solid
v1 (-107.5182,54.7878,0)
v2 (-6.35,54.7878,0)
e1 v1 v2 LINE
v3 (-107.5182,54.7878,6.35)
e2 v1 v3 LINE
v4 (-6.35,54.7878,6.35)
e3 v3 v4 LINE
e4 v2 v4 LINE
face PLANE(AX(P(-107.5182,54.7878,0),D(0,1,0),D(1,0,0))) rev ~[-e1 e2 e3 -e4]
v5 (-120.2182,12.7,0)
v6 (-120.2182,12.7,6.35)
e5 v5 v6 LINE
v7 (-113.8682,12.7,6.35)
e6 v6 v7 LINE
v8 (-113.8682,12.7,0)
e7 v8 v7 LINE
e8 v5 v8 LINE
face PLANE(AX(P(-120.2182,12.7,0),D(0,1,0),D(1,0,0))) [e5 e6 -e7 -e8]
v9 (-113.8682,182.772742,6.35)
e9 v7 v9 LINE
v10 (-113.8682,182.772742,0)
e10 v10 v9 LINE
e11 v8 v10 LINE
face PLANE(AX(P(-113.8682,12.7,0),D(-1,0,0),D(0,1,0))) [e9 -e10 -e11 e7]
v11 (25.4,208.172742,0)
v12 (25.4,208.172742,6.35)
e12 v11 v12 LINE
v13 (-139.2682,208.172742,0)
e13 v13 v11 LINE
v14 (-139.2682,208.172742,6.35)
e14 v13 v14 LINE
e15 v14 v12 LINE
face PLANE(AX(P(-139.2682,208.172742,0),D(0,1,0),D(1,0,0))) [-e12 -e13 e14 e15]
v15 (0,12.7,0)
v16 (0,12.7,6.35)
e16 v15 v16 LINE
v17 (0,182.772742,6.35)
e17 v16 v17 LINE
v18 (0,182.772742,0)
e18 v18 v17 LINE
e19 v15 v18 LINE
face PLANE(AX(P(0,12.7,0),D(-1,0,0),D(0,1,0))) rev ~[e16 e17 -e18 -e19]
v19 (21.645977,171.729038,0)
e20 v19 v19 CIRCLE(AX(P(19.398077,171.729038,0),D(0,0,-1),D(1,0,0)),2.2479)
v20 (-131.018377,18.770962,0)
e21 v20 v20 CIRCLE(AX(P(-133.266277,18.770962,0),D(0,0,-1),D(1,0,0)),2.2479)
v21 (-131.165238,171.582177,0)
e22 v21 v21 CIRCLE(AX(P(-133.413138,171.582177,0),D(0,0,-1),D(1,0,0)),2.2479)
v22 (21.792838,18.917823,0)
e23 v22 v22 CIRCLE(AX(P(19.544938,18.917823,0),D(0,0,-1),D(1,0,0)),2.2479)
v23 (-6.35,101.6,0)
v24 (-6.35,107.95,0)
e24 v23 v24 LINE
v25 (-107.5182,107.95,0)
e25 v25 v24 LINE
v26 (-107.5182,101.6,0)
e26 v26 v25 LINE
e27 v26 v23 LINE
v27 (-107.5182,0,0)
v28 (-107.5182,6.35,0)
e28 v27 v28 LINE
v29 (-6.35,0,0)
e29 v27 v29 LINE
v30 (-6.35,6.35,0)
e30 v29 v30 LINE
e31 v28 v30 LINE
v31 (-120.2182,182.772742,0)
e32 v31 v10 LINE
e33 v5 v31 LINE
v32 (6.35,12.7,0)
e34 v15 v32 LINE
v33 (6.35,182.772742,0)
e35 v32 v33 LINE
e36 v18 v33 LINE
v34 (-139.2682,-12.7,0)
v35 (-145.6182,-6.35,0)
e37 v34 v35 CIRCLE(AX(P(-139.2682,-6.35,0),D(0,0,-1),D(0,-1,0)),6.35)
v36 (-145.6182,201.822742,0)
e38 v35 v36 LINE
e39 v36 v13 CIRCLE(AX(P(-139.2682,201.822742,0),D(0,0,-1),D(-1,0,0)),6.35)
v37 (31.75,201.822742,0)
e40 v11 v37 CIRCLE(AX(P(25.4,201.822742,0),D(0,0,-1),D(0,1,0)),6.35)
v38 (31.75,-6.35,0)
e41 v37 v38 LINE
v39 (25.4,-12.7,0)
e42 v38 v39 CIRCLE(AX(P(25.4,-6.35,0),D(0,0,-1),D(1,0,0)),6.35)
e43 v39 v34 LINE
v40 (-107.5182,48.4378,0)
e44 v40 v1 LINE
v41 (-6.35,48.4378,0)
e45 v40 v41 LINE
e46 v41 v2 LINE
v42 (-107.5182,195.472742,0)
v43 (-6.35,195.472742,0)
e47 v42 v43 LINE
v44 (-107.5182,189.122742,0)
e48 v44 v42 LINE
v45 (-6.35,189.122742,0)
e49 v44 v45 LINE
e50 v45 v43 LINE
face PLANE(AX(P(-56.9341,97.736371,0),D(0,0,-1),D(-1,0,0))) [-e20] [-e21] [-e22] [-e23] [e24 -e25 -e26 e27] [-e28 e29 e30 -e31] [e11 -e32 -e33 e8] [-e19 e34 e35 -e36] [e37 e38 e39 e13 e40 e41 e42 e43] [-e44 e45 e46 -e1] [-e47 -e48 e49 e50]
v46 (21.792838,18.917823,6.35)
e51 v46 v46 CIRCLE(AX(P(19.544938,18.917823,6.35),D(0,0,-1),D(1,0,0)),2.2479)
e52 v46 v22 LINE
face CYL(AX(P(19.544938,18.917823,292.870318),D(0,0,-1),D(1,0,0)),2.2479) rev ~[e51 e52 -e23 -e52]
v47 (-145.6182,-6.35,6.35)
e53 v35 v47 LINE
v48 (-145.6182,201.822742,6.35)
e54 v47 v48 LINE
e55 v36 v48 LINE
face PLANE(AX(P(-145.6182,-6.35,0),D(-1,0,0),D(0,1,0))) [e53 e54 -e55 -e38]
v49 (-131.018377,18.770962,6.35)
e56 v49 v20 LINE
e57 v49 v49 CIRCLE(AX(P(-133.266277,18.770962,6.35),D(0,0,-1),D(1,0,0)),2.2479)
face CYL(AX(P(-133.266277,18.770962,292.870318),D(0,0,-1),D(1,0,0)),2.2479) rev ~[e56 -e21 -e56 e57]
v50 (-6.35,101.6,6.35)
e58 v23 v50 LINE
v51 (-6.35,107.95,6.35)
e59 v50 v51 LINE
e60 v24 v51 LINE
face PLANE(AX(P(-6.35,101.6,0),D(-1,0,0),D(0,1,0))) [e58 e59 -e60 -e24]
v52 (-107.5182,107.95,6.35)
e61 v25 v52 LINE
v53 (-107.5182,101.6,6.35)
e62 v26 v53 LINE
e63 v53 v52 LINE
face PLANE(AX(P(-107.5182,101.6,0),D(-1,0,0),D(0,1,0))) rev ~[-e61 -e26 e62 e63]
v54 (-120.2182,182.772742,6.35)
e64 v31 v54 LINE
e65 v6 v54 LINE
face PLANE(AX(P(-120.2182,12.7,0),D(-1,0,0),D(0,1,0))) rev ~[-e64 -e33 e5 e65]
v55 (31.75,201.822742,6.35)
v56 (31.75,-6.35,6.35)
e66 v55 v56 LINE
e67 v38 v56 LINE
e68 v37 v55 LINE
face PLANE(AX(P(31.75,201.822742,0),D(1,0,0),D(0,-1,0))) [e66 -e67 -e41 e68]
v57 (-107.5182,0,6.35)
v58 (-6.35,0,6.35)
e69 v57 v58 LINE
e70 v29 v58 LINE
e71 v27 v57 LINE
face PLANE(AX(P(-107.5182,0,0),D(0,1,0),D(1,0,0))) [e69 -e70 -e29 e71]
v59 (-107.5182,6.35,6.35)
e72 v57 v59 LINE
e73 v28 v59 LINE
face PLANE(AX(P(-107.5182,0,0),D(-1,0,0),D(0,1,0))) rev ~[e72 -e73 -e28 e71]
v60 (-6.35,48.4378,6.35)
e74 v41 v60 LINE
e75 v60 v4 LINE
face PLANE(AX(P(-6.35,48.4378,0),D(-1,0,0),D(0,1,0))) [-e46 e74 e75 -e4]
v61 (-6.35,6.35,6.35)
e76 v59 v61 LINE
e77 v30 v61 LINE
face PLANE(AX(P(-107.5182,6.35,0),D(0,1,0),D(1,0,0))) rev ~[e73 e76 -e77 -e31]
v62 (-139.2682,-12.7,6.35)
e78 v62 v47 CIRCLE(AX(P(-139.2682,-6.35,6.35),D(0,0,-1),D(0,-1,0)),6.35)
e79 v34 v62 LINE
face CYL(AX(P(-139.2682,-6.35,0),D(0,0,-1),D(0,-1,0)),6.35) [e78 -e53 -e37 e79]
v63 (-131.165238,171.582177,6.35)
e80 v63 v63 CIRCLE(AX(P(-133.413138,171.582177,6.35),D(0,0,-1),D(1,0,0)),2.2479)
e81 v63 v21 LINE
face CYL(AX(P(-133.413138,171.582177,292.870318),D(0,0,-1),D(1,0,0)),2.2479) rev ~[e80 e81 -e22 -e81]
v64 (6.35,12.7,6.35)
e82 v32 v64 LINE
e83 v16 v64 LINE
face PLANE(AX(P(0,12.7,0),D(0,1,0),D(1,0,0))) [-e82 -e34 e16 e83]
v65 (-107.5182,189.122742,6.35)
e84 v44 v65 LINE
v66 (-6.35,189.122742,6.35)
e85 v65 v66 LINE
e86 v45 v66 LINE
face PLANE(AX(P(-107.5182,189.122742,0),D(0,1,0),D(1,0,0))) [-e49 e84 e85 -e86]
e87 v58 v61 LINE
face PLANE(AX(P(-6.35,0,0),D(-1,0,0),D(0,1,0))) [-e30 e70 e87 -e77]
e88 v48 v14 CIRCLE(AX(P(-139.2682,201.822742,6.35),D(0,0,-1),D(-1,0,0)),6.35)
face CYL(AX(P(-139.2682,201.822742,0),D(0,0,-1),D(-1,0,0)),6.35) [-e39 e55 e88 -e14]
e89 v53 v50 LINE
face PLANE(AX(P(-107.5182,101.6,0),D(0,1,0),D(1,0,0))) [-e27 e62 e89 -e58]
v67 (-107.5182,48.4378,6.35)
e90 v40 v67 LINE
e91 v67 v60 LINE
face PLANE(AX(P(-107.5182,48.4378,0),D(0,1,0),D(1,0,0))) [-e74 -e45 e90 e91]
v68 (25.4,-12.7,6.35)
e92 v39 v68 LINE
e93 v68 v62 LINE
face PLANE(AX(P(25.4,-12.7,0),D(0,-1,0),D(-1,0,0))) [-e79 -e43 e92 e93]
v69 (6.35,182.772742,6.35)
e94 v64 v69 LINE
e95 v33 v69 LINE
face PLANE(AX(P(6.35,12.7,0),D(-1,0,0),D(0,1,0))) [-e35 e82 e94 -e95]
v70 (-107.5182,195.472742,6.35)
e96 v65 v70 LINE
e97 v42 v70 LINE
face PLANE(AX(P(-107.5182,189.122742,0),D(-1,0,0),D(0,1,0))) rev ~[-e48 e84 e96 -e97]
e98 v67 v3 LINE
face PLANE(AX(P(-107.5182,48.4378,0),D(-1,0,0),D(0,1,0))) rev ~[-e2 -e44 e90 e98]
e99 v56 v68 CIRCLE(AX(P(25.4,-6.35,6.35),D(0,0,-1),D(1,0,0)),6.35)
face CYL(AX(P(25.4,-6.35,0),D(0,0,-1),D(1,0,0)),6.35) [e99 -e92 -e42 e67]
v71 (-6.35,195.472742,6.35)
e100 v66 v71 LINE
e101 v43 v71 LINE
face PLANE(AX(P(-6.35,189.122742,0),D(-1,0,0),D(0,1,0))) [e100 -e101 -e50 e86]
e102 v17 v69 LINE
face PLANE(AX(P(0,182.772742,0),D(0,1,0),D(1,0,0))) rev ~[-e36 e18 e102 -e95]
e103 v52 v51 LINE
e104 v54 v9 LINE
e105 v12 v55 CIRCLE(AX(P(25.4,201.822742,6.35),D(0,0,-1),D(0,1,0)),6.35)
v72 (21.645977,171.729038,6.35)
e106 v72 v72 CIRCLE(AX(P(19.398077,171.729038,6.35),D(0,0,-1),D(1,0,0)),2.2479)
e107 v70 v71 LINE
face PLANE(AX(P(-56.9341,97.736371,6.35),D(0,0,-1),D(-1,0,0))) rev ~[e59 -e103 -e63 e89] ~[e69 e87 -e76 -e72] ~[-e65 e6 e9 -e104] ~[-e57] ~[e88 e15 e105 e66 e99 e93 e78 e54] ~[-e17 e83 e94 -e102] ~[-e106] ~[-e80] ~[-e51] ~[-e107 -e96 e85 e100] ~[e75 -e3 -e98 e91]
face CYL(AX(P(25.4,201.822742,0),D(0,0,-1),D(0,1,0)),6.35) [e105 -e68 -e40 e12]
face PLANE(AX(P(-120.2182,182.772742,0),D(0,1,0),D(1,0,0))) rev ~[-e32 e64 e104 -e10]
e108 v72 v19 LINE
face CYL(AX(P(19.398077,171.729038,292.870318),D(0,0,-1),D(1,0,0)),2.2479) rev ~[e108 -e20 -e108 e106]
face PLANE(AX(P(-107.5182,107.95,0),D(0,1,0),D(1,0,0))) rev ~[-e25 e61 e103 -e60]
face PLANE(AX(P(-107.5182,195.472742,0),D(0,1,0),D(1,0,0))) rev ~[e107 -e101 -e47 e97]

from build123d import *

# Parameters (mm, degrees)
SKETCH1_W             = 101.1682
SKETCH1_H             = 6.35
SKETCH1_W_2           = 6.35
SKETCH1_H_2           = 170.072742275
BOSS_EXTRUDE1_DEPTH   = 6.35
F_8_CLEARANCE_HOLE1_D = 4.4958


with BuildPart() as part:
    # Sketch1 → Boss-Extrude1 (new body)
    with BuildSketch(Plane.XY):
        with BuildLine():
            Line((25.4, -12.7), (-139.2682, -12.7))
            ThreePointArc((-139.2682, -12.7), (-143.758328061, -10.840128061), (-145.6182, -6.35))
            Line((-145.6182, -6.35), (-145.6182, 201.822742275))
            ThreePointArc((-145.6182, 201.822742275), (-143.758328061, 206.312870335), (-139.2682, 208.172742275))
            Line((-139.2682, 208.172742275), (25.4, 208.172742275))
            ThreePointArc((25.4, 208.172742275), (29.890128061, 206.312870335), (31.75, 201.822742275))
            Line((31.75, 201.822742275), (31.75, -6.35))
            ThreePointArc((31.75, -6.35), (29.890128061, -10.840128061), (25.4, -12.7))
        make_face()
        with Locations((-56.9341, 192.297742275)):
            Rectangle(SKETCH1_W, SKETCH1_H, mode=Mode.SUBTRACT)
        with Locations((3.175, 97.736371138)):
            Rectangle(SKETCH1_W_2, SKETCH1_H_2, mode=Mode.SUBTRACT)
        with Locations((-117.0432, 97.736371138)):
            Rectangle(SKETCH1_W_2, SKETCH1_H_2, mode=Mode.SUBTRACT)
        with Locations((-56.9341, 104.775)):
            Rectangle(SKETCH1_W, SKETCH1_H, mode=Mode.SUBTRACT)
        with Locations((-56.9341, 3.175)):
            Rectangle(SKETCH1_W, SKETCH1_H, mode=Mode.SUBTRACT)
        with Locations((-56.9341, 51.6128)):
            Rectangle(SKETCH1_W, SKETCH1_H, mode=Mode.SUBTRACT)
    extrude(amount=BOSS_EXTRUDE1_DEPTH)

    # #8 Clearance Hole1 (through all)
    with Locations(Plane(origin=(-70.641043598, 181.536765785, 9.525), x_dir=(-1, 0, 0), z_dir=(0, 0, 1))):
        with Locations((62.625233431, 162.765803656), (62.772094273, 9.954588756), (-90.039120627, 9.807727914), (-90.185981469, 162.618942814)):
            Hole(F_8_CLEARANCE_HOLE1_D / 2)


solid = part.part
